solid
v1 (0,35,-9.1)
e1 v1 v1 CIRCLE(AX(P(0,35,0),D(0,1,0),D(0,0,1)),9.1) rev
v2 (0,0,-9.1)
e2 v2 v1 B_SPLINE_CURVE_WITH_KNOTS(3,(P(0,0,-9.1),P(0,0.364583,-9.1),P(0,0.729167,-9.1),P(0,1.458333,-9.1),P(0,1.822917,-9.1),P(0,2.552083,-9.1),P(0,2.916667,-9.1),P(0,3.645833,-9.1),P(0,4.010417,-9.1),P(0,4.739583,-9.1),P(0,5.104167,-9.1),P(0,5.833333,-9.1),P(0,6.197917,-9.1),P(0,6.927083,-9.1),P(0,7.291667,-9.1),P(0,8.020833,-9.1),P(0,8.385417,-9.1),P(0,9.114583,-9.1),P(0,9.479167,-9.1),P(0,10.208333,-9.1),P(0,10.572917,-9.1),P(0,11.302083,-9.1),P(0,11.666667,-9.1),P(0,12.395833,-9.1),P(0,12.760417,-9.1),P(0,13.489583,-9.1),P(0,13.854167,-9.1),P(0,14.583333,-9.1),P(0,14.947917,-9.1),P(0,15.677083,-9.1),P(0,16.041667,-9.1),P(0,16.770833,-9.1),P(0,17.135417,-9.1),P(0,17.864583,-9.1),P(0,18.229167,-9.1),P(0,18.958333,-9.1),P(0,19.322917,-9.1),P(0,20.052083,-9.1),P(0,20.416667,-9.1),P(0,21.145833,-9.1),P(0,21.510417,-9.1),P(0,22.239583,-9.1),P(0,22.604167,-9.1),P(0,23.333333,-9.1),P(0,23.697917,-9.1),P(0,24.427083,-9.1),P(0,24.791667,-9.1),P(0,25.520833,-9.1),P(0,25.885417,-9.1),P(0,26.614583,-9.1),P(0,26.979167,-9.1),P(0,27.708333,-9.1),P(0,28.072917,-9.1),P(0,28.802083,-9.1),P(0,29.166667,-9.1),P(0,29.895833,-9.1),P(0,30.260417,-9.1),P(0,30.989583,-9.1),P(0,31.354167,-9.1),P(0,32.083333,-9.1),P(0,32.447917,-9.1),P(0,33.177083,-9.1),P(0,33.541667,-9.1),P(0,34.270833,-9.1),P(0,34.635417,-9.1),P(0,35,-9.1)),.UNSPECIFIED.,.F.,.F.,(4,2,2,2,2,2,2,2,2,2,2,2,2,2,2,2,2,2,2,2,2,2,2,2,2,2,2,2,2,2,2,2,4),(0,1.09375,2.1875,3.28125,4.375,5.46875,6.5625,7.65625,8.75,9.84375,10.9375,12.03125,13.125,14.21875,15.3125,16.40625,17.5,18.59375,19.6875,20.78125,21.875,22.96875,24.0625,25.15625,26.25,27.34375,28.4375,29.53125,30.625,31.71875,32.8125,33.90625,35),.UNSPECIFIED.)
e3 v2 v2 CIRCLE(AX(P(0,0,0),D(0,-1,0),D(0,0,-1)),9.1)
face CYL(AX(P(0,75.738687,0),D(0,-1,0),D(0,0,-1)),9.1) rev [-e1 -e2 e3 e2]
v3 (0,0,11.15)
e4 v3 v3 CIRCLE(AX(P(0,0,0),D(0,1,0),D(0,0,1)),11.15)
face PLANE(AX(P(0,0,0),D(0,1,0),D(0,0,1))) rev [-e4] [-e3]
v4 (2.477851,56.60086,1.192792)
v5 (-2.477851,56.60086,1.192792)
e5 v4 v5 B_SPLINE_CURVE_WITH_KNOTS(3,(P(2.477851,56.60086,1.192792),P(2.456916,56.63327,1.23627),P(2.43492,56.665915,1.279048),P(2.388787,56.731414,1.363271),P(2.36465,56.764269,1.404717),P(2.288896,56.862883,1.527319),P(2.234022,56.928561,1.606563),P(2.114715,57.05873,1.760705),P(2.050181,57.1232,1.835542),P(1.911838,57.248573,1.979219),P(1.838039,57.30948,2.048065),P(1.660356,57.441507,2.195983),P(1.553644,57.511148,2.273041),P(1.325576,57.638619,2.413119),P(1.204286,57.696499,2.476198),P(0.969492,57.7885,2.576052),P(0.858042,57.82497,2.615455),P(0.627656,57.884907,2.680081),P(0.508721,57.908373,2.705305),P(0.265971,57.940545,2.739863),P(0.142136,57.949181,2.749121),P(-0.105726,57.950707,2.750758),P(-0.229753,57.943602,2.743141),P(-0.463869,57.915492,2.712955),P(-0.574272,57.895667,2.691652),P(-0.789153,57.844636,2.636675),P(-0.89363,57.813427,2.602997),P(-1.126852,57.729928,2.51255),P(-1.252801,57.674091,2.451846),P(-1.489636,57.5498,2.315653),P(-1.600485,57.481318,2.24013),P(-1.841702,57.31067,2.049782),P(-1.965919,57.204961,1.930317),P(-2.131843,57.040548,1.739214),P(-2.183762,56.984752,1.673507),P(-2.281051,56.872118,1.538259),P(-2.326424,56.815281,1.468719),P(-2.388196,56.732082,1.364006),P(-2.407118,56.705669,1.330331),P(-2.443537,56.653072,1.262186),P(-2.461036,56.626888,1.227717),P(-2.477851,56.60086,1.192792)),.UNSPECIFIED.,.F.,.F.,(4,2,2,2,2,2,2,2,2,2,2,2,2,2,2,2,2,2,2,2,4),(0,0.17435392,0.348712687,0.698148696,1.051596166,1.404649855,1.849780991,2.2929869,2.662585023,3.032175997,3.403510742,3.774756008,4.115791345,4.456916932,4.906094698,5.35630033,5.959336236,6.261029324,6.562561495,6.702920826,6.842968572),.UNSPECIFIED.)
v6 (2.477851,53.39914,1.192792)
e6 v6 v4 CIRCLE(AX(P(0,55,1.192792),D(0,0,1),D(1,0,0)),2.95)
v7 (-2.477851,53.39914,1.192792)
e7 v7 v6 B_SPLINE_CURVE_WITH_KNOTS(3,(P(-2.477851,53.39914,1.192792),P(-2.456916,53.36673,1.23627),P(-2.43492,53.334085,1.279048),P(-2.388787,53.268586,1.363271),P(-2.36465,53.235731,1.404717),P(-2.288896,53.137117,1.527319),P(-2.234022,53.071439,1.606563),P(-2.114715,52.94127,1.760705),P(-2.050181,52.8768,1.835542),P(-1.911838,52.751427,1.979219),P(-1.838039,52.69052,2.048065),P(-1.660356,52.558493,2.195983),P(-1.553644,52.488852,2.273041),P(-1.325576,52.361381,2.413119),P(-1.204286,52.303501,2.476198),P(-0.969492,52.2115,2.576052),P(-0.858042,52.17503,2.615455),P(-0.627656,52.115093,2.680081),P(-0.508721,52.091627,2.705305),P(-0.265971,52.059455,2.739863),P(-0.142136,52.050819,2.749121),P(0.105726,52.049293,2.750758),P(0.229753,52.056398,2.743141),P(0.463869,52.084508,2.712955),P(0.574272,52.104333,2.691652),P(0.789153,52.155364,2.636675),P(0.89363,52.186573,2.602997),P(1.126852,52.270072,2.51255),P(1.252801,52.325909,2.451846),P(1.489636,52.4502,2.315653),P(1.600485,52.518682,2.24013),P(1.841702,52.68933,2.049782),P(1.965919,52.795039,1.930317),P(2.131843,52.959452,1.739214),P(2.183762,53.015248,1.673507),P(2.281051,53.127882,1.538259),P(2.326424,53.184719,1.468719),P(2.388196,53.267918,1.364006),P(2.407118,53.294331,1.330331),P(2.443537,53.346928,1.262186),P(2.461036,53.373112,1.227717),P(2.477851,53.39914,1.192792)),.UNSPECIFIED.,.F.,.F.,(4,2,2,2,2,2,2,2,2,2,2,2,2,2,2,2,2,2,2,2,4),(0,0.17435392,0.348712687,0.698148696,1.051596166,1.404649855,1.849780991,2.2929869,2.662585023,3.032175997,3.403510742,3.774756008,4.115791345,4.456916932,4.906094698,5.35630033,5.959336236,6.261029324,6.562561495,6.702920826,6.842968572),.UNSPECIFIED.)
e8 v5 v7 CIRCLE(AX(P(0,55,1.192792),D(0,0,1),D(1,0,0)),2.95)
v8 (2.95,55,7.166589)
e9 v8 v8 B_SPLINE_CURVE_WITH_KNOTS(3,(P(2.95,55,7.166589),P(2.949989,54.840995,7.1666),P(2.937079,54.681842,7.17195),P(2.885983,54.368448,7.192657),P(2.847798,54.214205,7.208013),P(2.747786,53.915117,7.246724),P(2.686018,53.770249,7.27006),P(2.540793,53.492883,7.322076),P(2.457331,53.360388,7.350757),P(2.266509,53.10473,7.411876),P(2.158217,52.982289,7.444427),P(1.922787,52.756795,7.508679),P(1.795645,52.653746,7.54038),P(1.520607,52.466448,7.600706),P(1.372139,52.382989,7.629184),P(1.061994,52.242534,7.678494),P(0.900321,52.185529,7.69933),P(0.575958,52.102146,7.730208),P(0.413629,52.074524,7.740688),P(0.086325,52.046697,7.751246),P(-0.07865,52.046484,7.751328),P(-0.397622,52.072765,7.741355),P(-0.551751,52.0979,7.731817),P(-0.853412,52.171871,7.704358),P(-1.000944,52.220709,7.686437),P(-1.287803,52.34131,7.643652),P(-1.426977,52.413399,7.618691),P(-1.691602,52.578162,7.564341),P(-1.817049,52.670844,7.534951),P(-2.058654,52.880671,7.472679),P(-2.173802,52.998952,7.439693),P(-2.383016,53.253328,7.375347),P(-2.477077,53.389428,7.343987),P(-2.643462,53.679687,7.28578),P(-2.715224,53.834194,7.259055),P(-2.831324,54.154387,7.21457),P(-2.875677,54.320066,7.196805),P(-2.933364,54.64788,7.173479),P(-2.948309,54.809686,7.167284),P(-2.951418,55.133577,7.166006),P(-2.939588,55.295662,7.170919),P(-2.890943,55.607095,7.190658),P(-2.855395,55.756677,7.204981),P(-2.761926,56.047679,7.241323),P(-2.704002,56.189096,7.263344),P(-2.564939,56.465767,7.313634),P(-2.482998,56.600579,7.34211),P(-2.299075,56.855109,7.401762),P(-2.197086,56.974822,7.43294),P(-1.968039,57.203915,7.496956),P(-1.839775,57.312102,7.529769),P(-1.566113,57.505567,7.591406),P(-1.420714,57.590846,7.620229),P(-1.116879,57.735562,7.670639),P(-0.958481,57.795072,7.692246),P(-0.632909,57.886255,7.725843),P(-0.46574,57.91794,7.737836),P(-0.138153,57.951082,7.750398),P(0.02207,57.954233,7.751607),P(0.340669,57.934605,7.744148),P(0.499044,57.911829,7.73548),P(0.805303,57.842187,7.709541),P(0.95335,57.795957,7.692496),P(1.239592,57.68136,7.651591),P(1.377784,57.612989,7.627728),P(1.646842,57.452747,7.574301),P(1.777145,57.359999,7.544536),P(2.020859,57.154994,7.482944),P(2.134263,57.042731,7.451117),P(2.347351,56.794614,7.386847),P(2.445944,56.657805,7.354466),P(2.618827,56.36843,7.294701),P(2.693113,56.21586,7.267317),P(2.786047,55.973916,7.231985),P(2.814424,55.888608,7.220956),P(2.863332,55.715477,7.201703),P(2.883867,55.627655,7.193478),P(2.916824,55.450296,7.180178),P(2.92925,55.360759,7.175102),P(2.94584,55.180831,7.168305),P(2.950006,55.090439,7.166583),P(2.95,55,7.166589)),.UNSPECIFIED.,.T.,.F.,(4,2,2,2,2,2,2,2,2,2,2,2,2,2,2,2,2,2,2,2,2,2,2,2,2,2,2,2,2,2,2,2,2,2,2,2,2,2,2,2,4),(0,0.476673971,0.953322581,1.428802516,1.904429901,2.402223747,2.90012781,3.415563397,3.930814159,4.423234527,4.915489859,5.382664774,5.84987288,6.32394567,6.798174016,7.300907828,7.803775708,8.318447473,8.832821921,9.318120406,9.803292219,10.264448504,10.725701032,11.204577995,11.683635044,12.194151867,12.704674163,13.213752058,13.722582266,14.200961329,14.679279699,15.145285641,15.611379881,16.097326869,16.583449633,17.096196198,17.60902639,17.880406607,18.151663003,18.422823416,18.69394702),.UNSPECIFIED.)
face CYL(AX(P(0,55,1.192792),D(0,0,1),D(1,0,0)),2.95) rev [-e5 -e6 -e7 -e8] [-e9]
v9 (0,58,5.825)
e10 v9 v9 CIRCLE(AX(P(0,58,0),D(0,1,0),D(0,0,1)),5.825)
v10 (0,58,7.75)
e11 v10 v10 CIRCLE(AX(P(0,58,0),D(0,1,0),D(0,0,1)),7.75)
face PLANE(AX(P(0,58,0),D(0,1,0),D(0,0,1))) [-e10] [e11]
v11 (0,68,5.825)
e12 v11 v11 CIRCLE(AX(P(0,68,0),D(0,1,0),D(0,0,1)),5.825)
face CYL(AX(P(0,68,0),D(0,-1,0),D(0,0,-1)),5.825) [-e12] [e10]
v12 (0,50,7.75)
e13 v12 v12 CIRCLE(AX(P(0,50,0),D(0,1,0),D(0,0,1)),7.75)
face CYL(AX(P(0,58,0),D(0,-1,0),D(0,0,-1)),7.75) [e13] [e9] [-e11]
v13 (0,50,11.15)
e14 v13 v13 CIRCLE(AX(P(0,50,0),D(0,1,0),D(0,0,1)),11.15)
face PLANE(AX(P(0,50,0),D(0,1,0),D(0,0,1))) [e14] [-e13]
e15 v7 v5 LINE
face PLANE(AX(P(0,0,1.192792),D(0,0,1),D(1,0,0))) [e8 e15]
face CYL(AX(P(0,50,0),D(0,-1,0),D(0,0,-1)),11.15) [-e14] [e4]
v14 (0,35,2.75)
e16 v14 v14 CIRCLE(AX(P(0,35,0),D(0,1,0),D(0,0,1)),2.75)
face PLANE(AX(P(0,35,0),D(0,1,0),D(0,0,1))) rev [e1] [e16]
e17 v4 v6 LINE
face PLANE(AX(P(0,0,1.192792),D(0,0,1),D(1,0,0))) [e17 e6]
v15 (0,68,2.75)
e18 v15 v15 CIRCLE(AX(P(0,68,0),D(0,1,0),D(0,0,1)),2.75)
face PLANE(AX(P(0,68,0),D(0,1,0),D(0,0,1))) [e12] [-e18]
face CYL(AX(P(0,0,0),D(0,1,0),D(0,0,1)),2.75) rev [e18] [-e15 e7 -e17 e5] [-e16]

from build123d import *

# Parameters (mm, degrees)
SKETCH1_R           = 11.15
BOSS_EXTRUDE1_DEPTH = 50
SKETCH2_R           = 7.75
BOSS_EXTRUDE2_DEPTH = 8
SKETCH3_R           = 5.825
BOSS_EXTRUDE3_DEPTH = 10
SKETCH4_R           = 9.1
CUT_EXTRUDE1_DEPTH  = 35
SKETCH5_R           = 2.75
CUT_EXTRUDE2_DEPTH  = 70.804333676
SKETCH10_W          = 3
SKETCH10_H          = 11.4427922
BOSS_EXTRUDE5_DEPTH = 6
SKETCH12_W          = 6
SKETCH12_H          = 1
CUT_EXTRUDE6_DEPTH  = 6
CUT_EXTRUDE8_DEPTH  = 18
SKETCH14_W          = 6
SKETCH14_H          = 10.4427922
CUT_EXTRUDE9_DEPTH  = 8


with BuildPart() as part:
    # Sketch1 → Boss-Extrude1 (new body)
    with BuildSketch(Plane(origin=(0, 0, 0), x_dir=(1, 0, 0), z_dir=(0, 1, 0))):
        with Locations(Location((0, 0, 0), (0, 0, 270))):
            Circle(SKETCH1_R)
    extrude(amount=BOSS_EXTRUDE1_DEPTH)

    # Sketch2 → Boss-Extrude2 (add)
    with BuildSketch(Plane(origin=(0, 50, 0), x_dir=(1, 0, 0), z_dir=(0, 1, 0))):
        with Locations(Location((0, 0, 0), (0, 0, 270))):
            Circle(SKETCH2_R)
    extrude(amount=BOSS_EXTRUDE2_DEPTH)

    # Sketch3 → Boss-Extrude3 (add)
    with BuildSketch(Plane(origin=(0, 58, 0), x_dir=(1, 0, 0), z_dir=(0, 1, 0))):
        with Locations(Location((0, 0, 0), (0, 0, 270))):
            Circle(SKETCH3_R)
    extrude(amount=BOSS_EXTRUDE3_DEPTH)

    # Sketch4 → Cut-Extrude1 (cut)
    with BuildSketch(Plane.XZ):
        with Locations(Location((0, 0, 0), (0, 0, 270))):
            Circle(SKETCH4_R)
    extrude(amount=-CUT_EXTRUDE1_DEPTH, mode=Mode.SUBTRACT)

    # Sketch5 → Cut-Extrude2 (cut, through all)
    with BuildSketch(Plane(origin=(0, 68, 0), x_dir=(1, 0, 0), z_dir=(0, 1, 0))):
        with Locations(Location((0, 0, 0), (0, 0, 270))):
            Circle(SKETCH5_R)
    extrude(amount=-CUT_EXTRUDE2_DEPTH, mode=Mode.SUBTRACT)


with BuildPart() as body_2:
    # Sketch10 → Boss-Extrude5 (new body)
    with BuildSketch(Plane(origin=(0, 58, 0), x_dir=(1, 0, 0), z_dir=(0, 1, 0))):
        with Locations((-1.5, -13.4713961)):
            Rectangle(SKETCH10_W, SKETCH10_H)
        with Locations((1.5, -13.4713961)):
            Rectangle(SKETCH10_W, SKETCH10_H)
    extrude(amount=-BOSS_EXTRUDE5_DEPTH)

    # Sketch12 → Cut-Extrude6 (cut)
    with BuildSketch(Plane(origin=(0, 58, 0), x_dir=(1, 0, 0), z_dir=(0, 1, 0))):
        with Locations((0, -8.25)):
            Rectangle(SKETCH12_W, SKETCH12_H)
    extrude(amount=-CUT_EXTRUDE6_DEPTH, mode=Mode.SUBTRACT)


with BuildPart() as cut_extrude8_tool:
    # Sketch11 → Cut-Extrude8 (new body)
    with BuildSketch(Plane.XY.offset(19.1927922)):
        with BuildLine():
            ThreePointArc((2.95, 55), (0, 57.95), (-2.95, 55))
            Line((-2.95, 55), (2.95, 55))
        make_face()
        with BuildLine():
            Line((2.95, 55), (-2.95, 55))
            ThreePointArc((-2.95, 55), (0, 52.05), (2.95, 55))
        make_face()
    extrude(amount=-CUT_EXTRUDE8_DEPTH)


with BuildPart() as part_1:
    add(part.part)

    # Cut-Extrude8: cut by cut_extrude8_tool
    add(cut_extrude8_tool.part, mode=Mode.SUBTRACT)


with BuildPart() as body_2_1:
    add(body_2.part)

    # Cut-Extrude8: cut by cut_extrude8_tool
    add(cut_extrude8_tool.part, mode=Mode.SUBTRACT)

    # Sketch14 → Cut-Extrude9 (cut)
    with BuildSketch(Plane(origin=(0, 58, 0), x_dir=(1, 0, 0), z_dir=(0, 1, 0))):
        with Locations((0, -13.9713961)):
            Rectangle(SKETCH14_W, SKETCH14_H)
    extrude(amount=-CUT_EXTRUDE9_DEPTH, mode=Mode.SUBTRACT)


solid = part_1.part
